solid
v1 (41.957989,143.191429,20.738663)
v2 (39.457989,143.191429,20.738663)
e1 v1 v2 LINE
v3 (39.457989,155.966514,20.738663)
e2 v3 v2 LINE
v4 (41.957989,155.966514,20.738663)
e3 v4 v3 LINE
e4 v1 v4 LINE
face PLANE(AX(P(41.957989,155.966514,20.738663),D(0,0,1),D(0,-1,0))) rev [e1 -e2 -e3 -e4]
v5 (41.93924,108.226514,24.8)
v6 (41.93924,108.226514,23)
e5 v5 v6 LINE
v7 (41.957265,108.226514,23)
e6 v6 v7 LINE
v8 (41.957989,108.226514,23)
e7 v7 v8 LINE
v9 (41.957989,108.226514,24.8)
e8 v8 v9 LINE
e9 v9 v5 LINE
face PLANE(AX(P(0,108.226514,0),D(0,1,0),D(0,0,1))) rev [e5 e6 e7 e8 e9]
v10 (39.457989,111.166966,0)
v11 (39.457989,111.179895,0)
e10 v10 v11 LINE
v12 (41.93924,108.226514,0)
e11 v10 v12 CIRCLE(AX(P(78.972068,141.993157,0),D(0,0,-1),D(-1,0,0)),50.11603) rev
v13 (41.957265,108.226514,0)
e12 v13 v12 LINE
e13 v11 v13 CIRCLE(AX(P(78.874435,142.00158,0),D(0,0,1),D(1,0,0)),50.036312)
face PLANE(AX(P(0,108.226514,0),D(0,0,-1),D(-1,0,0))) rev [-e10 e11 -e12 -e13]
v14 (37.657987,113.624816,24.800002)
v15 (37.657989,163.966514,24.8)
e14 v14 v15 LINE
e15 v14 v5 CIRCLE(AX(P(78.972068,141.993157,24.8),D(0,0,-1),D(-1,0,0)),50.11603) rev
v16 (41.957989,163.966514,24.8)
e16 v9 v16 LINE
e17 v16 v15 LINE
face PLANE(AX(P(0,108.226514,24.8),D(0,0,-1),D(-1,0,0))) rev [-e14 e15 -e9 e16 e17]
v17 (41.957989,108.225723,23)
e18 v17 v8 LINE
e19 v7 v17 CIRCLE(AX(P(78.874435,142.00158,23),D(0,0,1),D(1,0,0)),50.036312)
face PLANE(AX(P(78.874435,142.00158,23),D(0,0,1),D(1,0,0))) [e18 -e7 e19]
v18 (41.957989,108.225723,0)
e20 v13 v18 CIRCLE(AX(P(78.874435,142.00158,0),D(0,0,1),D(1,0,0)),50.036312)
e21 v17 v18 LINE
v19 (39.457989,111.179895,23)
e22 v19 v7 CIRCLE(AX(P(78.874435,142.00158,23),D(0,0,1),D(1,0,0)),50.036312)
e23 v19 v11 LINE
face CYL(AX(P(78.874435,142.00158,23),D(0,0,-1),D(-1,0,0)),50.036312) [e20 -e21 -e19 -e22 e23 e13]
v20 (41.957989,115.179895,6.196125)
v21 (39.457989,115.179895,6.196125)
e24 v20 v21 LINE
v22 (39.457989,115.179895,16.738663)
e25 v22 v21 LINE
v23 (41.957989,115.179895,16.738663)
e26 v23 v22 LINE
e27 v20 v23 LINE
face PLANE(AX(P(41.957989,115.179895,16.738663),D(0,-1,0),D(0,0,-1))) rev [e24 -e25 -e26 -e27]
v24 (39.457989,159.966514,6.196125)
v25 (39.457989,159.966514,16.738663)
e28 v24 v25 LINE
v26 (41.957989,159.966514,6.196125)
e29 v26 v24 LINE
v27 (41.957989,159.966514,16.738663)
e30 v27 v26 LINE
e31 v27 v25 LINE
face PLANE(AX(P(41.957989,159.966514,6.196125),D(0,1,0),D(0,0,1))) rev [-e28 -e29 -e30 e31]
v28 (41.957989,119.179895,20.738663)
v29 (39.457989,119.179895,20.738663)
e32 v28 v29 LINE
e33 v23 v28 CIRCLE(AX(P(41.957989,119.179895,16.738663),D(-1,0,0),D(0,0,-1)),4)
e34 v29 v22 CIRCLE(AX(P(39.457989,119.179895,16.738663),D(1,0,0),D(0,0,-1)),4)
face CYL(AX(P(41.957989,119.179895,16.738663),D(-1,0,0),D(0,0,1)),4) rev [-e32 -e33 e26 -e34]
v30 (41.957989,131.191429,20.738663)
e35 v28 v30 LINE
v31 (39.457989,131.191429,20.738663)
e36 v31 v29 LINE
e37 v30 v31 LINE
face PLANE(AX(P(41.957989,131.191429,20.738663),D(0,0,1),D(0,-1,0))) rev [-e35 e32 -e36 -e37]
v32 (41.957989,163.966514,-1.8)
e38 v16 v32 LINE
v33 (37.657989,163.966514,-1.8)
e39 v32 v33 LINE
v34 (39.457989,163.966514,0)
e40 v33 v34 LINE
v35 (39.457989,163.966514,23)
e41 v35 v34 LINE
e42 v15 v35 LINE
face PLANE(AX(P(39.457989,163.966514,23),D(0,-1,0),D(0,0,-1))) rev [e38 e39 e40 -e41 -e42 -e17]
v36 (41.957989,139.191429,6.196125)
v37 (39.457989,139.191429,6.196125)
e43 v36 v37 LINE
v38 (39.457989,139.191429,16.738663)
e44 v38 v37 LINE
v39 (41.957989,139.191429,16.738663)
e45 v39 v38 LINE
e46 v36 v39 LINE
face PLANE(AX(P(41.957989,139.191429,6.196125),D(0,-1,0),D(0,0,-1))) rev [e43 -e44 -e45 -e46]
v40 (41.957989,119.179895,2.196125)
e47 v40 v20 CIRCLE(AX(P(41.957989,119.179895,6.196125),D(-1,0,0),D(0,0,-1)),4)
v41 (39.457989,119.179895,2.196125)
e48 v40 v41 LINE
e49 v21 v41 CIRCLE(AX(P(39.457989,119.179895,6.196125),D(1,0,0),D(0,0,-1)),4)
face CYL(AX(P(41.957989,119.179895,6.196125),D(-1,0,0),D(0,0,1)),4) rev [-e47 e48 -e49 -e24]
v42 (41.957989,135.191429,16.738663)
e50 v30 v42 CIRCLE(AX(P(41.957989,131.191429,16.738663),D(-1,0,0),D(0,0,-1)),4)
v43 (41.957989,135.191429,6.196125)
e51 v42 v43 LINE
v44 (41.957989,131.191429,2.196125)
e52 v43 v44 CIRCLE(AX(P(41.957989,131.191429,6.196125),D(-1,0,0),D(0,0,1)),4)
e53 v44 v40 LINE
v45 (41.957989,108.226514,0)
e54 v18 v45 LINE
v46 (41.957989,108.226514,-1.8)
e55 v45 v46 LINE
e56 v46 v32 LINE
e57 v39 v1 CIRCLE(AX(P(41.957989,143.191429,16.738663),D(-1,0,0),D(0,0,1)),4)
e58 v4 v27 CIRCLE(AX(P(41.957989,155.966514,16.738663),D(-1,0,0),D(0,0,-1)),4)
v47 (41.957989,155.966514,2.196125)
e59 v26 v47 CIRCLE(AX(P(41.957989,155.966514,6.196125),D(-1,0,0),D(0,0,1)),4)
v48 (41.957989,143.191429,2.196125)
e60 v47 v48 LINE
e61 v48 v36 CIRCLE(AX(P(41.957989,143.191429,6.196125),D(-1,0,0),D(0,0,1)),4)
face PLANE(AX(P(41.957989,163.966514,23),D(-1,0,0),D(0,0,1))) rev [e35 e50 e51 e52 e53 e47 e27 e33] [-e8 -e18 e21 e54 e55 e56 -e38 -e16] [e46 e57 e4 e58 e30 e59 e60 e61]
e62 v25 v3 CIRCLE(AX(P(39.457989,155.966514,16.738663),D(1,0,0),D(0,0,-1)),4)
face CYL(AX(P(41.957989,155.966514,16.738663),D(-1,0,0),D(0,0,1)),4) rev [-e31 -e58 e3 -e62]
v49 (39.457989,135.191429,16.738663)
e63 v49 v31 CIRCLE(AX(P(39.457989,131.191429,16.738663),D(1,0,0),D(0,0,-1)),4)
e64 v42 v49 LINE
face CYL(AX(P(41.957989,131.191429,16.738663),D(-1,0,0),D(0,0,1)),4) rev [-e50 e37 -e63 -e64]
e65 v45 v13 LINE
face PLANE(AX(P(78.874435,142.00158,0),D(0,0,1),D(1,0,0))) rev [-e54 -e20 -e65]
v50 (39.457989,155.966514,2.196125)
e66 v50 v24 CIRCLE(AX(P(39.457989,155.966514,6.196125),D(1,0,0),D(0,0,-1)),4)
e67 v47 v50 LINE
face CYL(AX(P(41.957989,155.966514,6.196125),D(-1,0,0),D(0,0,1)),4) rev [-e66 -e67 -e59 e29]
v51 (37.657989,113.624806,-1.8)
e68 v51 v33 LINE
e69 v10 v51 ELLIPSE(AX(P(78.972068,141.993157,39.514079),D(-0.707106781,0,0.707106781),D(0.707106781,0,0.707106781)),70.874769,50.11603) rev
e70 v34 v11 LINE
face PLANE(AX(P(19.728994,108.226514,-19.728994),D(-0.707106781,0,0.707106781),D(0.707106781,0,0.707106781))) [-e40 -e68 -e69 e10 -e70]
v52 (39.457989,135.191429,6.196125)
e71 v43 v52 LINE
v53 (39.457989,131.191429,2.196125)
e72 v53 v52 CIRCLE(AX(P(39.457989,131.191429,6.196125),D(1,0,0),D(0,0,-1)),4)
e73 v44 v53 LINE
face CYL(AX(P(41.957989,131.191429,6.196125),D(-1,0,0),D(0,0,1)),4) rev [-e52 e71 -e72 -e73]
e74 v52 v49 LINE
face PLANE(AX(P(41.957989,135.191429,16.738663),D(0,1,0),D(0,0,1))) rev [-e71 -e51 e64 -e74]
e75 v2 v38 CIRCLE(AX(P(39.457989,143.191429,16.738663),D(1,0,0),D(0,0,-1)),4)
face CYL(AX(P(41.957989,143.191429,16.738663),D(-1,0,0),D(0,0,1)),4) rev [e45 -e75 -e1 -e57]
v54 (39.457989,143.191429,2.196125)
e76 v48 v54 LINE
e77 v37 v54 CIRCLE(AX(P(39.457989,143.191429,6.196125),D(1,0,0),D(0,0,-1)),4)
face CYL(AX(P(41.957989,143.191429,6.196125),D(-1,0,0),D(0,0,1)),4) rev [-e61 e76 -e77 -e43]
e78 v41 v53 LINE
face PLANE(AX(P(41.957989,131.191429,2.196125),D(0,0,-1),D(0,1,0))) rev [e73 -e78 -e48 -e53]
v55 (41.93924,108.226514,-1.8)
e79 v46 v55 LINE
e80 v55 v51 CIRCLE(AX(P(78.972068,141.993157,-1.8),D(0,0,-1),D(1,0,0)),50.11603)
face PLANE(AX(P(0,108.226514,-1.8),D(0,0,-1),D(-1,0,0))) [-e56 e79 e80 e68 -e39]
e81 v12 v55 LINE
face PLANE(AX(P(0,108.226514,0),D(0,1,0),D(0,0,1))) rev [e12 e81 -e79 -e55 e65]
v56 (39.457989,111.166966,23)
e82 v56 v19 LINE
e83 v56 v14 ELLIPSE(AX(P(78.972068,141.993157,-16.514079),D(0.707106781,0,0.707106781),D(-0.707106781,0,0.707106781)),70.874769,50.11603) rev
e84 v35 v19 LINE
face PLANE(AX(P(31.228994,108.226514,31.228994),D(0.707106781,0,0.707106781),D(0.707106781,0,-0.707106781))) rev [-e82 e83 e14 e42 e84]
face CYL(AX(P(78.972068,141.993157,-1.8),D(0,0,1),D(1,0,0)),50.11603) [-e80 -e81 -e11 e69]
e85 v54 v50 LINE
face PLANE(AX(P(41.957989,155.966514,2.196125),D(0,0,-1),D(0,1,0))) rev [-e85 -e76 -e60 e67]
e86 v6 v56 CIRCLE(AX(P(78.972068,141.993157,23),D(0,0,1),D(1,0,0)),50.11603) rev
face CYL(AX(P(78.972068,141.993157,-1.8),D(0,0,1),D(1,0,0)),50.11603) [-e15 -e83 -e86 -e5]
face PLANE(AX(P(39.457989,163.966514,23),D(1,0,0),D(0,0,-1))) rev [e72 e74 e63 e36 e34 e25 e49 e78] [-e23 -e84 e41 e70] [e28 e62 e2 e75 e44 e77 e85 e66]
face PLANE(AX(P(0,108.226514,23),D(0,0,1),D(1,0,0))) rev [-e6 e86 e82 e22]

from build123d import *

# Parameters (mm, degrees)
BOSS_EXTRU_1_DEPTH           = 23
BOSS_EXTRU_2_DEPTH           = 55.74
ENL_V_MAT_EXTRU_2_DEPTH      = 166.850257131
ENL_V_MAT_EXTRU_2_DEPTH_BACK = 166.850257131
ENL_V_MAT_EXTRU_3_DEPTH      = 172.327320122
ENL_V_MAT_EXTRU_3_DEPTH_BACK = 172.327320122


with BuildPart() as part:
    # Esquisse1 → Boss.-Extru.1 (new body)
    with BuildSketch(Plane.XY):
        with BuildLine():
            Line((39.457988868, 163.966514235), (39.457988868, 111.179894524))
            ThreePointArc((39.457988868, 111.179894524), (40.679417093, 109.678629524), (41.957988868, 108.225722877))
            Line((41.957988868, 108.225722877), (41.957988868, 163.966514235))
            Line((41.957988868, 163.966514235), (39.457988868, 163.966514235))
        make_face()
    extrude(amount=BOSS_EXTRU_1_DEPTH)

    # Esquisse2 → Boss.-Extru.2 (add)
    with BuildSketch(Plane(origin=(0, 163.966514235, 0), x_dir=(1, 0, 0), z_dir=(0, 1, 0))):
        Polygon((41.957988868, 0), (41.957988868, 1.8), (37.657988868, 1.8), (39.457988868, 0), align=None)
        Polygon((41.957988868, -24.8), (41.957988868, -23), (39.457988868, -23), (37.657988868, -24.8), align=None)
    extrude(amount=-BOSS_EXTRU_2_DEPTH)

    # Esquisse4 → Enlèv. mat.-Extru.2 (cut, two sides: drawn at the far end of the back side and taken through both)
    with BuildSketch(Plane.ZY.offset(-39.457988868).offset(-ENL_V_MAT_EXTRU_2_DEPTH_BACK)):
        with BuildLine():
            Line((6.196124825, 159.966514235), (16.73866324, 159.966514235))
            ThreePointArc((16.73866324, 159.966514235), (19.567090365, 158.79494136), (20.73866324, 155.966514235))
            Line((20.73866324, 155.966514235), (20.73866324, 143.19142939))
            ThreePointArc((20.73866324, 143.19142939), (19.567090365, 140.363002265), (16.73866324, 139.19142939))
            Line((16.73866324, 139.19142939), (6.196124825, 139.19142939))
            ThreePointArc((6.196124825, 139.19142939), (3.367697701, 140.363002265), (2.196124825, 143.19142939))
            Line((2.196124825, 143.19142939), (2.196124825, 155.966514235))
            ThreePointArc((2.196124825, 155.966514235), (3.367697701, 158.79494136), (6.196124825, 159.966514235))
        make_face()
        with BuildLine():
            Line((16.73866324, 135.19142939), (6.196124825, 135.19142939))
            ThreePointArc((6.196124825, 135.19142939), (3.367697701, 134.019856515), (2.196124825, 131.19142939))
            Line((2.196124825, 131.19142939), (2.196124825, 119.179894524))
            ThreePointArc((2.196124825, 119.179894524), (3.367697701, 116.351467399), (6.196124825, 115.179894524))
            Line((6.196124825, 115.179894524), (16.73866324, 115.179894524))
            ThreePointArc((16.73866324, 115.179894524), (19.567090365, 116.351467399), (20.73866324, 119.179894524))
            Line((20.73866324, 119.179894524), (20.73866324, 131.19142939))
            ThreePointArc((20.73866324, 131.19142939), (19.567090365, 134.019856515), (16.73866324, 135.19142939))
        make_face()
    extrude(amount=ENL_V_MAT_EXTRU_2_DEPTH + ENL_V_MAT_EXTRU_2_DEPTH_BACK, mode=Mode.SUBTRACT)

    # Esquisse5 → Enlèv. mat.-Extru.3 (cut, two sides: drawn at the far end of the back side and taken through both)
    with BuildSketch(Plane.XY.offset(24.8).offset(-ENL_V_MAT_EXTRU_3_DEPTH_BACK)):
        with BuildLine():
            Line((35.834434648, 116.483137771), (36.387771846, 105.790873255))
            Line((36.387771846, 105.790873255), (45.050231908, 105.102432834))
            ThreePointArc((45.050231908, 105.102432834), (40.024403512, 110.454356706), (35.834434648, 116.483137771))
        make_face()
    extrude(amount=ENL_V_MAT_EXTRU_3_DEPTH + ENL_V_MAT_EXTRU_3_DEPTH_BACK, mode=Mode.SUBTRACT)


solid = part.part
